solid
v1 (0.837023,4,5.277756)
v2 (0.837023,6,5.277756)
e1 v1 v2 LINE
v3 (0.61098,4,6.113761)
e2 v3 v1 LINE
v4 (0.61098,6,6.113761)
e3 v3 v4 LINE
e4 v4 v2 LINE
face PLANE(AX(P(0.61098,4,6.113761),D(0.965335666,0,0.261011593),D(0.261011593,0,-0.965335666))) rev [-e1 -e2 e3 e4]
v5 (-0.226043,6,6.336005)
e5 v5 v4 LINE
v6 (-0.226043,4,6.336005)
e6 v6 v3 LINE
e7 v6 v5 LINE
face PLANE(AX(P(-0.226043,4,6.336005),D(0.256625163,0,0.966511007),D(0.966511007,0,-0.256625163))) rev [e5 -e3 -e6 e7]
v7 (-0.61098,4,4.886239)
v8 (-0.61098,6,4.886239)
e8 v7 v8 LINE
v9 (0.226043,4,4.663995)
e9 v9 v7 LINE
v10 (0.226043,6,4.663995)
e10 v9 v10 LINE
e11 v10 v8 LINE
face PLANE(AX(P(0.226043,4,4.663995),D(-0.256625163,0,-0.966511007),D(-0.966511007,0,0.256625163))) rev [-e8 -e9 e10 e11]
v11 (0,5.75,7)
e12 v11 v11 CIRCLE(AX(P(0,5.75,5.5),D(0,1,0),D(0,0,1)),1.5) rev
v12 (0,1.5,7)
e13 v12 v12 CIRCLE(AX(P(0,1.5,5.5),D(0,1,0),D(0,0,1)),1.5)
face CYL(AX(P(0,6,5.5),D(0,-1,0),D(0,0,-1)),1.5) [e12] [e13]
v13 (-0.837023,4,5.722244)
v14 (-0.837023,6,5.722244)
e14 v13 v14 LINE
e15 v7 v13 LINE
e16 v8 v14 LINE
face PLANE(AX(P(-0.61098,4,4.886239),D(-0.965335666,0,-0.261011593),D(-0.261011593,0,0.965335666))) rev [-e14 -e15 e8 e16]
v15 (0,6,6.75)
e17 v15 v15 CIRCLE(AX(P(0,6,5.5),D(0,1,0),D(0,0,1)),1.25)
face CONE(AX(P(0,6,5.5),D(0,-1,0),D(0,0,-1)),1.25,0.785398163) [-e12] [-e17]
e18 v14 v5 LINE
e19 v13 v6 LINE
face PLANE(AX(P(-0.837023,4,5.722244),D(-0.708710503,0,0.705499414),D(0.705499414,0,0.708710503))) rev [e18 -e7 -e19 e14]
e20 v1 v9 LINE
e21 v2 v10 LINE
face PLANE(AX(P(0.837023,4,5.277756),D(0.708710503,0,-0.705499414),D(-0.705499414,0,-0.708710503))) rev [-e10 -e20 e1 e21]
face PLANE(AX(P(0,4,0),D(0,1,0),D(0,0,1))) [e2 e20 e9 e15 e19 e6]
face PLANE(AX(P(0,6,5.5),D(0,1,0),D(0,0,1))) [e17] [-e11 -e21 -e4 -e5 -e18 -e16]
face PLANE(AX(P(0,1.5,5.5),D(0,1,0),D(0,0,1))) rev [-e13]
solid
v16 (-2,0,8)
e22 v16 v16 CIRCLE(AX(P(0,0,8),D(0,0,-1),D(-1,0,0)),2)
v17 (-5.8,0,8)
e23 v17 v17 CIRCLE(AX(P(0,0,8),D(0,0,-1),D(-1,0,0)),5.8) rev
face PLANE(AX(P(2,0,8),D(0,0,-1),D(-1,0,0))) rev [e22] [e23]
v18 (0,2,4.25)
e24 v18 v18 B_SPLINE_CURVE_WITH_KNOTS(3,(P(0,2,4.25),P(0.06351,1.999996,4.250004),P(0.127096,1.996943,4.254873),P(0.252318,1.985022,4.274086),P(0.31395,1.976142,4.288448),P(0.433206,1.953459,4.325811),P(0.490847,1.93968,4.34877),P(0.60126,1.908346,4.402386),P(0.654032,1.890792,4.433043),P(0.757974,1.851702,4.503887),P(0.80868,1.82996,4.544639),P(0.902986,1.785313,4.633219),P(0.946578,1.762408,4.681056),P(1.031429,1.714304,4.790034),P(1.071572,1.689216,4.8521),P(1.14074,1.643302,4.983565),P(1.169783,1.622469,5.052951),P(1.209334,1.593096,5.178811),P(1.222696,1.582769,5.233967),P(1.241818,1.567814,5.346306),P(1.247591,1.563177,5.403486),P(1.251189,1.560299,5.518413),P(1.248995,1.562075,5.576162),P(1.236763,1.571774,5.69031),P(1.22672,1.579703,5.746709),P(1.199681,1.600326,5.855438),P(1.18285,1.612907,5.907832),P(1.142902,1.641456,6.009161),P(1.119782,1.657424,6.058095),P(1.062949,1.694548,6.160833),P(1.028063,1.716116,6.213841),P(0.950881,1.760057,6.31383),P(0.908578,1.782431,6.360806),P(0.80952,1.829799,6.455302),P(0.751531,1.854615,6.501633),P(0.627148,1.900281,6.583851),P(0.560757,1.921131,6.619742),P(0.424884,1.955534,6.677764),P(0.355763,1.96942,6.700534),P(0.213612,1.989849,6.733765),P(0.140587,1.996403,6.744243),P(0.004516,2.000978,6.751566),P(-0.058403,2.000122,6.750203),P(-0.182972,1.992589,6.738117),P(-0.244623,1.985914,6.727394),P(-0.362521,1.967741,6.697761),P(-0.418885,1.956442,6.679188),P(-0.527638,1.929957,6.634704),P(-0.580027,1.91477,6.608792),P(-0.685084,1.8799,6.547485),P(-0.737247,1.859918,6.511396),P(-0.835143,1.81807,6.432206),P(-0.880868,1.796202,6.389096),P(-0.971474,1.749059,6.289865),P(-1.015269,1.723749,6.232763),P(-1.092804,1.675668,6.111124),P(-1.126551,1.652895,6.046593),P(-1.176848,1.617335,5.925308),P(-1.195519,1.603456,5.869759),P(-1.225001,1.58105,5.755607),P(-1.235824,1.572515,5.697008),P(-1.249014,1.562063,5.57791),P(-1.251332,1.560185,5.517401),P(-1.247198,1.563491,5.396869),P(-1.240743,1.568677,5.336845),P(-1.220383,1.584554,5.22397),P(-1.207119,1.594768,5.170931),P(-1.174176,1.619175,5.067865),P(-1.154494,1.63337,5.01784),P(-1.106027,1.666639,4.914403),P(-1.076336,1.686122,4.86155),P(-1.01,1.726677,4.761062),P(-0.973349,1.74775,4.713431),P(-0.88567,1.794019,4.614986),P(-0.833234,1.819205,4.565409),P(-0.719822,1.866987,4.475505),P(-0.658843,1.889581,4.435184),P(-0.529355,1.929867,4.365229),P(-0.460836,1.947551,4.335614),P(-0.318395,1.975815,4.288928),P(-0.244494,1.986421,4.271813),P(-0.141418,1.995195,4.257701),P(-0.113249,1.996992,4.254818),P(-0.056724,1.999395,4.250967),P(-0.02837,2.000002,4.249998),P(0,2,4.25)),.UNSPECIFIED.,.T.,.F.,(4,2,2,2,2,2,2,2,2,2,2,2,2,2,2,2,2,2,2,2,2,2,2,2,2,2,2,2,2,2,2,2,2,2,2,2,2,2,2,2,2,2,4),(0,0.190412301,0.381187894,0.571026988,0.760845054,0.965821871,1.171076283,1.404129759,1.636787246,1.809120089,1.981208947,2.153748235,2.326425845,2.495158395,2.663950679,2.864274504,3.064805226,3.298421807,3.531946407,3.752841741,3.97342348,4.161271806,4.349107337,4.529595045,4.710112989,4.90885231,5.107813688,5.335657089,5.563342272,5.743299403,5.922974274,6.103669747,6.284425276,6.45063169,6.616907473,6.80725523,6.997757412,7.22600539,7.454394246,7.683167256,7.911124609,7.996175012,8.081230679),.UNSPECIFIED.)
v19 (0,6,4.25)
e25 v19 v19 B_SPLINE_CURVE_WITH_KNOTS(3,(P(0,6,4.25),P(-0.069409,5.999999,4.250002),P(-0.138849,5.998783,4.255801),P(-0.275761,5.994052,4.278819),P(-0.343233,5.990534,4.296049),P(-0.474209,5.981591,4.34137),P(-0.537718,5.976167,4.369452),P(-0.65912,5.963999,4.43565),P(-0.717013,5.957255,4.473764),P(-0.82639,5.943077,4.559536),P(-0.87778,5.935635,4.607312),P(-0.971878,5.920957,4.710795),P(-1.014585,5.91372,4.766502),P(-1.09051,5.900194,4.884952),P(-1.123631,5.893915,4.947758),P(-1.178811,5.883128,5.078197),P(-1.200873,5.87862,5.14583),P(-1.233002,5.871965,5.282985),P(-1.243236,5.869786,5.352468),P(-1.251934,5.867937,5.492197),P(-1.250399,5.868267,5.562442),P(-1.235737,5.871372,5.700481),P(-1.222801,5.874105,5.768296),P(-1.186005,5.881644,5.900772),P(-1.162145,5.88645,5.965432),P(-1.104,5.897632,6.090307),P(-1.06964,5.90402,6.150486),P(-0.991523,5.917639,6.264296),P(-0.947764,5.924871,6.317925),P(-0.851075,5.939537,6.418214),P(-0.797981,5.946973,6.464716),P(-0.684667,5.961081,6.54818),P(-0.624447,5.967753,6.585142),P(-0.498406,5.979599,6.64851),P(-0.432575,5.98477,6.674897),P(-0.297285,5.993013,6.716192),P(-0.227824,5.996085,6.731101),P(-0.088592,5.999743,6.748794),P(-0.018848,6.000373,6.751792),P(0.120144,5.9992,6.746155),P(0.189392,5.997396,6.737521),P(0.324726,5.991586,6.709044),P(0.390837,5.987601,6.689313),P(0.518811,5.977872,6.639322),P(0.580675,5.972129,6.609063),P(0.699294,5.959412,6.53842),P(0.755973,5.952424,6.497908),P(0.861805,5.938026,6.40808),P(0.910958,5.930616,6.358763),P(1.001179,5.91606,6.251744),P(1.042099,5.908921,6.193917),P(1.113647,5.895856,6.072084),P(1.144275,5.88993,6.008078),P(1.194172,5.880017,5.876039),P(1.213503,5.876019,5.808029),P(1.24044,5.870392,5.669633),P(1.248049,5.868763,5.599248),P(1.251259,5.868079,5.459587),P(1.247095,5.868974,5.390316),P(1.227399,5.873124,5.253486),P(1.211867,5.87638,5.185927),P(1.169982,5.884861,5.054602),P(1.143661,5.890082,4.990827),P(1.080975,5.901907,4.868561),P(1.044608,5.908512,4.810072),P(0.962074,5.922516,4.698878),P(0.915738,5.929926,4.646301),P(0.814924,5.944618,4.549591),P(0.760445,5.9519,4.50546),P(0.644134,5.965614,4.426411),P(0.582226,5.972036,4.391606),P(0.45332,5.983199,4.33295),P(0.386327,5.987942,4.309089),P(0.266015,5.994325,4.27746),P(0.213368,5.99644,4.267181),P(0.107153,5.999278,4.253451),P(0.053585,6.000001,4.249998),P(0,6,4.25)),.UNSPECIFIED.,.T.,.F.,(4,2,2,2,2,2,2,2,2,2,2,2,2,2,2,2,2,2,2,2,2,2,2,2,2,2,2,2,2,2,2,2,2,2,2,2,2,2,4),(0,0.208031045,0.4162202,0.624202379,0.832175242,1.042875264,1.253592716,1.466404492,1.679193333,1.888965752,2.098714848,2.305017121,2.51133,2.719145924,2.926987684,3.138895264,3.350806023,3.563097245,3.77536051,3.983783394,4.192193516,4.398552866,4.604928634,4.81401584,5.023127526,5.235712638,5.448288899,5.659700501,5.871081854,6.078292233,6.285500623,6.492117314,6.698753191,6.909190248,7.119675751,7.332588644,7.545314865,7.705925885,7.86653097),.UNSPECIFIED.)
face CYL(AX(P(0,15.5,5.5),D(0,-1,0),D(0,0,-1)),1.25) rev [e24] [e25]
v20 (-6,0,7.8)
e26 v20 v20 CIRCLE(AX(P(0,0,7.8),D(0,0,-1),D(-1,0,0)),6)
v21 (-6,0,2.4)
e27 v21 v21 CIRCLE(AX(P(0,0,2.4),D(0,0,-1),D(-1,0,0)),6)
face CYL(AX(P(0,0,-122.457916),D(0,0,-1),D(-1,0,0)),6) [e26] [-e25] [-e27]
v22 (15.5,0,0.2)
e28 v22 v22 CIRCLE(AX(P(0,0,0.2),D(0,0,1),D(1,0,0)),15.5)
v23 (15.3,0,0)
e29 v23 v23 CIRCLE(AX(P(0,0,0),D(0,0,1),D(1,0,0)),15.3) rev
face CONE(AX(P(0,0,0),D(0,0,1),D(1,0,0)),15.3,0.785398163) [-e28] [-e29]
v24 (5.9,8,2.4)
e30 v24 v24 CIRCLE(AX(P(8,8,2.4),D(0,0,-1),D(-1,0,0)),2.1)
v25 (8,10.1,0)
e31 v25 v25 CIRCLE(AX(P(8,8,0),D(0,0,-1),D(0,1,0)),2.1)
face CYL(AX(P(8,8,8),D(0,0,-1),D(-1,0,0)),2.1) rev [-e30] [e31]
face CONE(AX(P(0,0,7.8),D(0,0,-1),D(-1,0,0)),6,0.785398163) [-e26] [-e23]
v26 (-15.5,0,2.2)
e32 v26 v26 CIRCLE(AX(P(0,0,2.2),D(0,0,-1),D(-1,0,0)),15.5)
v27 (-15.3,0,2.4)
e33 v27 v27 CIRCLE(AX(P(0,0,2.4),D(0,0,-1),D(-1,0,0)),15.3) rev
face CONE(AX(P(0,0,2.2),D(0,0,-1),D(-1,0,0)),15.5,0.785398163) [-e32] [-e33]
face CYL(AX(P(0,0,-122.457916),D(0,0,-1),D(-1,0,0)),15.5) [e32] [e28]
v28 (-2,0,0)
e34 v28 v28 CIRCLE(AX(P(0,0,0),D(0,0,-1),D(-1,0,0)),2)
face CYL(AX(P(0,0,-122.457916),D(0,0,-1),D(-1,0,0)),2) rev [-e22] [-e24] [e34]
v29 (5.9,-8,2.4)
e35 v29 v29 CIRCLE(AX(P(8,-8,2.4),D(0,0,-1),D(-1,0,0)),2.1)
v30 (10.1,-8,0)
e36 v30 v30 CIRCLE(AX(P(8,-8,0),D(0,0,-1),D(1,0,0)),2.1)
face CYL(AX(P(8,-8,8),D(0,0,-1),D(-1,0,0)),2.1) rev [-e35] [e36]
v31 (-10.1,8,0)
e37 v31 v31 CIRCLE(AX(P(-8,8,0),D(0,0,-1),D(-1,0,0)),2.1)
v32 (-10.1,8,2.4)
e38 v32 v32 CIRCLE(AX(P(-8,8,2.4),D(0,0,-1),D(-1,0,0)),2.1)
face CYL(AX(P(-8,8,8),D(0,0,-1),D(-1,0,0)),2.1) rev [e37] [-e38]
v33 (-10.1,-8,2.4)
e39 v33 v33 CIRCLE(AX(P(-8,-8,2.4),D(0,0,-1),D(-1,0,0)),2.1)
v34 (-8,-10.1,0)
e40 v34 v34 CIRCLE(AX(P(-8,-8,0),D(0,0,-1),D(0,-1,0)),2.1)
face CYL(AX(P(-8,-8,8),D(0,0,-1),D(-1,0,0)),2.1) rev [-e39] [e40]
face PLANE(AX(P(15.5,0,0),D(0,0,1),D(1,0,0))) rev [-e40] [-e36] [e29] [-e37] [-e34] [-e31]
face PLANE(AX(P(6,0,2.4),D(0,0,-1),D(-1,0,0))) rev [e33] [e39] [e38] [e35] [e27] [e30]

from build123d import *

# Parameters (mm, degrees)
SKETCH2_R           = 1.25
CUT_EXTRUDE1_DEPTH  = 24.334523779
SKETCH3_R           = 2.1
CUT_EXTRUDE2_DEPTH  = 24.334523813
CIRPATTERN1_COUNT   = 4
CHAMFER1_SIZE       = 0.2
SKETCH4_R           = 1.5
BOSS_EXTRUDE1_DEPTH = 4.5
CHAMFER2_SIZE       = 0.25
CUT_EXTRUDE3_DEPTH  = 2


with BuildPart() as part:
    # Sketch1 → Revolve1 (revolve)
    with BuildSketch(Plane(origin=(0, 0, 0), x_dir=(1, 0, 0), z_dir=(0, 1, 0))):
        Polygon((2, 0), (2, -8), (6, -8), (6, -2.4), (15.5, -2.4), (15.5, 0), align=None)
    revolve(axis=Axis((0, 0, -122.457916377), (0, 0, 1)))

    # Sketch2 → Cut-Extrude1 (cut, through all)
    with BuildSketch(Plane(origin=(0, 0, 0), x_dir=(1, 0, 0), z_dir=(0, 1, 0))):
        with Locations((0, -5.5)):
            Circle(SKETCH2_R)
    extrude(amount=CUT_EXTRUDE1_DEPTH, mode=Mode.SUBTRACT)

    # Sketch3 → Cut-Extrude2 (cut, through all)
    with BuildSketch(Plane(origin=(0, 0, 0), x_dir=(-1, 0, 0), z_dir=(0, 0, -1))):
        with Locations((8, 8)):
            Circle(SKETCH3_R)
    cut_extrude2 = extrude(amount=-CUT_EXTRUDE2_DEPTH, mode=Mode.SUBTRACT)

    # CirPattern1: Cut-Extrude2 ×4 about axis
    cirpattern1_axis = Axis((0, 0, -7.656261881), (0, 0, 1))
    for i in range(1, CIRPATTERN1_COUNT):
        add(cut_extrude2.rotate(cirpattern1_axis, i * 360 / CIRPATTERN1_COUNT), mode=Mode.SUBTRACT)

    # Chamfer1
    chamfer1_edges = [part.edges().sort_by_distance(p)[0] for p in [
        (-6, 0, 8),
        (-15.5, 0, 2.4),
        (-15.5, 0, 0),
    ]]
    chamfer(chamfer1_edges, length=CHAMFER1_SIZE)


with BuildPart() as body_2:
    # Sketch4 → Boss-Extrude1 (new body)
    with BuildSketch(Plane(origin=(0, 1.5, 0), x_dir=(1, 0, 0), z_dir=(0, 1, 0))):
        with Locations((0, -5.5)):
            Circle(SKETCH4_R)
    extrude(amount=BOSS_EXTRUDE1_DEPTH)

    # Chamfer2
    chamfer2_edges = [body_2.edges().sort_by_distance(p)[0] for p in [
        (-1.5, 6, 5.5),
    ]]
    chamfer(chamfer2_edges, length=CHAMFER2_SIZE)

    # Sketch5 → Cut-Extrude3 (cut)
    with BuildSketch(Plane(origin=(0, 6, 0), x_dir=(1, 0, 0), z_dir=(0, 1, 0))):
        Polygon((0.837023085, -5.27775609), (0.22604267, -4.66399479), (-0.610980415, -4.8862387), (-0.837023085, -5.72224391), (-0.22604267, -6.33600521), (0.610980415, -6.1137613), align=None)
    extrude(amount=-CUT_EXTRUDE3_DEPTH, mode=Mode.SUBTRACT)


solid = Compound([part.part, body_2.part])
